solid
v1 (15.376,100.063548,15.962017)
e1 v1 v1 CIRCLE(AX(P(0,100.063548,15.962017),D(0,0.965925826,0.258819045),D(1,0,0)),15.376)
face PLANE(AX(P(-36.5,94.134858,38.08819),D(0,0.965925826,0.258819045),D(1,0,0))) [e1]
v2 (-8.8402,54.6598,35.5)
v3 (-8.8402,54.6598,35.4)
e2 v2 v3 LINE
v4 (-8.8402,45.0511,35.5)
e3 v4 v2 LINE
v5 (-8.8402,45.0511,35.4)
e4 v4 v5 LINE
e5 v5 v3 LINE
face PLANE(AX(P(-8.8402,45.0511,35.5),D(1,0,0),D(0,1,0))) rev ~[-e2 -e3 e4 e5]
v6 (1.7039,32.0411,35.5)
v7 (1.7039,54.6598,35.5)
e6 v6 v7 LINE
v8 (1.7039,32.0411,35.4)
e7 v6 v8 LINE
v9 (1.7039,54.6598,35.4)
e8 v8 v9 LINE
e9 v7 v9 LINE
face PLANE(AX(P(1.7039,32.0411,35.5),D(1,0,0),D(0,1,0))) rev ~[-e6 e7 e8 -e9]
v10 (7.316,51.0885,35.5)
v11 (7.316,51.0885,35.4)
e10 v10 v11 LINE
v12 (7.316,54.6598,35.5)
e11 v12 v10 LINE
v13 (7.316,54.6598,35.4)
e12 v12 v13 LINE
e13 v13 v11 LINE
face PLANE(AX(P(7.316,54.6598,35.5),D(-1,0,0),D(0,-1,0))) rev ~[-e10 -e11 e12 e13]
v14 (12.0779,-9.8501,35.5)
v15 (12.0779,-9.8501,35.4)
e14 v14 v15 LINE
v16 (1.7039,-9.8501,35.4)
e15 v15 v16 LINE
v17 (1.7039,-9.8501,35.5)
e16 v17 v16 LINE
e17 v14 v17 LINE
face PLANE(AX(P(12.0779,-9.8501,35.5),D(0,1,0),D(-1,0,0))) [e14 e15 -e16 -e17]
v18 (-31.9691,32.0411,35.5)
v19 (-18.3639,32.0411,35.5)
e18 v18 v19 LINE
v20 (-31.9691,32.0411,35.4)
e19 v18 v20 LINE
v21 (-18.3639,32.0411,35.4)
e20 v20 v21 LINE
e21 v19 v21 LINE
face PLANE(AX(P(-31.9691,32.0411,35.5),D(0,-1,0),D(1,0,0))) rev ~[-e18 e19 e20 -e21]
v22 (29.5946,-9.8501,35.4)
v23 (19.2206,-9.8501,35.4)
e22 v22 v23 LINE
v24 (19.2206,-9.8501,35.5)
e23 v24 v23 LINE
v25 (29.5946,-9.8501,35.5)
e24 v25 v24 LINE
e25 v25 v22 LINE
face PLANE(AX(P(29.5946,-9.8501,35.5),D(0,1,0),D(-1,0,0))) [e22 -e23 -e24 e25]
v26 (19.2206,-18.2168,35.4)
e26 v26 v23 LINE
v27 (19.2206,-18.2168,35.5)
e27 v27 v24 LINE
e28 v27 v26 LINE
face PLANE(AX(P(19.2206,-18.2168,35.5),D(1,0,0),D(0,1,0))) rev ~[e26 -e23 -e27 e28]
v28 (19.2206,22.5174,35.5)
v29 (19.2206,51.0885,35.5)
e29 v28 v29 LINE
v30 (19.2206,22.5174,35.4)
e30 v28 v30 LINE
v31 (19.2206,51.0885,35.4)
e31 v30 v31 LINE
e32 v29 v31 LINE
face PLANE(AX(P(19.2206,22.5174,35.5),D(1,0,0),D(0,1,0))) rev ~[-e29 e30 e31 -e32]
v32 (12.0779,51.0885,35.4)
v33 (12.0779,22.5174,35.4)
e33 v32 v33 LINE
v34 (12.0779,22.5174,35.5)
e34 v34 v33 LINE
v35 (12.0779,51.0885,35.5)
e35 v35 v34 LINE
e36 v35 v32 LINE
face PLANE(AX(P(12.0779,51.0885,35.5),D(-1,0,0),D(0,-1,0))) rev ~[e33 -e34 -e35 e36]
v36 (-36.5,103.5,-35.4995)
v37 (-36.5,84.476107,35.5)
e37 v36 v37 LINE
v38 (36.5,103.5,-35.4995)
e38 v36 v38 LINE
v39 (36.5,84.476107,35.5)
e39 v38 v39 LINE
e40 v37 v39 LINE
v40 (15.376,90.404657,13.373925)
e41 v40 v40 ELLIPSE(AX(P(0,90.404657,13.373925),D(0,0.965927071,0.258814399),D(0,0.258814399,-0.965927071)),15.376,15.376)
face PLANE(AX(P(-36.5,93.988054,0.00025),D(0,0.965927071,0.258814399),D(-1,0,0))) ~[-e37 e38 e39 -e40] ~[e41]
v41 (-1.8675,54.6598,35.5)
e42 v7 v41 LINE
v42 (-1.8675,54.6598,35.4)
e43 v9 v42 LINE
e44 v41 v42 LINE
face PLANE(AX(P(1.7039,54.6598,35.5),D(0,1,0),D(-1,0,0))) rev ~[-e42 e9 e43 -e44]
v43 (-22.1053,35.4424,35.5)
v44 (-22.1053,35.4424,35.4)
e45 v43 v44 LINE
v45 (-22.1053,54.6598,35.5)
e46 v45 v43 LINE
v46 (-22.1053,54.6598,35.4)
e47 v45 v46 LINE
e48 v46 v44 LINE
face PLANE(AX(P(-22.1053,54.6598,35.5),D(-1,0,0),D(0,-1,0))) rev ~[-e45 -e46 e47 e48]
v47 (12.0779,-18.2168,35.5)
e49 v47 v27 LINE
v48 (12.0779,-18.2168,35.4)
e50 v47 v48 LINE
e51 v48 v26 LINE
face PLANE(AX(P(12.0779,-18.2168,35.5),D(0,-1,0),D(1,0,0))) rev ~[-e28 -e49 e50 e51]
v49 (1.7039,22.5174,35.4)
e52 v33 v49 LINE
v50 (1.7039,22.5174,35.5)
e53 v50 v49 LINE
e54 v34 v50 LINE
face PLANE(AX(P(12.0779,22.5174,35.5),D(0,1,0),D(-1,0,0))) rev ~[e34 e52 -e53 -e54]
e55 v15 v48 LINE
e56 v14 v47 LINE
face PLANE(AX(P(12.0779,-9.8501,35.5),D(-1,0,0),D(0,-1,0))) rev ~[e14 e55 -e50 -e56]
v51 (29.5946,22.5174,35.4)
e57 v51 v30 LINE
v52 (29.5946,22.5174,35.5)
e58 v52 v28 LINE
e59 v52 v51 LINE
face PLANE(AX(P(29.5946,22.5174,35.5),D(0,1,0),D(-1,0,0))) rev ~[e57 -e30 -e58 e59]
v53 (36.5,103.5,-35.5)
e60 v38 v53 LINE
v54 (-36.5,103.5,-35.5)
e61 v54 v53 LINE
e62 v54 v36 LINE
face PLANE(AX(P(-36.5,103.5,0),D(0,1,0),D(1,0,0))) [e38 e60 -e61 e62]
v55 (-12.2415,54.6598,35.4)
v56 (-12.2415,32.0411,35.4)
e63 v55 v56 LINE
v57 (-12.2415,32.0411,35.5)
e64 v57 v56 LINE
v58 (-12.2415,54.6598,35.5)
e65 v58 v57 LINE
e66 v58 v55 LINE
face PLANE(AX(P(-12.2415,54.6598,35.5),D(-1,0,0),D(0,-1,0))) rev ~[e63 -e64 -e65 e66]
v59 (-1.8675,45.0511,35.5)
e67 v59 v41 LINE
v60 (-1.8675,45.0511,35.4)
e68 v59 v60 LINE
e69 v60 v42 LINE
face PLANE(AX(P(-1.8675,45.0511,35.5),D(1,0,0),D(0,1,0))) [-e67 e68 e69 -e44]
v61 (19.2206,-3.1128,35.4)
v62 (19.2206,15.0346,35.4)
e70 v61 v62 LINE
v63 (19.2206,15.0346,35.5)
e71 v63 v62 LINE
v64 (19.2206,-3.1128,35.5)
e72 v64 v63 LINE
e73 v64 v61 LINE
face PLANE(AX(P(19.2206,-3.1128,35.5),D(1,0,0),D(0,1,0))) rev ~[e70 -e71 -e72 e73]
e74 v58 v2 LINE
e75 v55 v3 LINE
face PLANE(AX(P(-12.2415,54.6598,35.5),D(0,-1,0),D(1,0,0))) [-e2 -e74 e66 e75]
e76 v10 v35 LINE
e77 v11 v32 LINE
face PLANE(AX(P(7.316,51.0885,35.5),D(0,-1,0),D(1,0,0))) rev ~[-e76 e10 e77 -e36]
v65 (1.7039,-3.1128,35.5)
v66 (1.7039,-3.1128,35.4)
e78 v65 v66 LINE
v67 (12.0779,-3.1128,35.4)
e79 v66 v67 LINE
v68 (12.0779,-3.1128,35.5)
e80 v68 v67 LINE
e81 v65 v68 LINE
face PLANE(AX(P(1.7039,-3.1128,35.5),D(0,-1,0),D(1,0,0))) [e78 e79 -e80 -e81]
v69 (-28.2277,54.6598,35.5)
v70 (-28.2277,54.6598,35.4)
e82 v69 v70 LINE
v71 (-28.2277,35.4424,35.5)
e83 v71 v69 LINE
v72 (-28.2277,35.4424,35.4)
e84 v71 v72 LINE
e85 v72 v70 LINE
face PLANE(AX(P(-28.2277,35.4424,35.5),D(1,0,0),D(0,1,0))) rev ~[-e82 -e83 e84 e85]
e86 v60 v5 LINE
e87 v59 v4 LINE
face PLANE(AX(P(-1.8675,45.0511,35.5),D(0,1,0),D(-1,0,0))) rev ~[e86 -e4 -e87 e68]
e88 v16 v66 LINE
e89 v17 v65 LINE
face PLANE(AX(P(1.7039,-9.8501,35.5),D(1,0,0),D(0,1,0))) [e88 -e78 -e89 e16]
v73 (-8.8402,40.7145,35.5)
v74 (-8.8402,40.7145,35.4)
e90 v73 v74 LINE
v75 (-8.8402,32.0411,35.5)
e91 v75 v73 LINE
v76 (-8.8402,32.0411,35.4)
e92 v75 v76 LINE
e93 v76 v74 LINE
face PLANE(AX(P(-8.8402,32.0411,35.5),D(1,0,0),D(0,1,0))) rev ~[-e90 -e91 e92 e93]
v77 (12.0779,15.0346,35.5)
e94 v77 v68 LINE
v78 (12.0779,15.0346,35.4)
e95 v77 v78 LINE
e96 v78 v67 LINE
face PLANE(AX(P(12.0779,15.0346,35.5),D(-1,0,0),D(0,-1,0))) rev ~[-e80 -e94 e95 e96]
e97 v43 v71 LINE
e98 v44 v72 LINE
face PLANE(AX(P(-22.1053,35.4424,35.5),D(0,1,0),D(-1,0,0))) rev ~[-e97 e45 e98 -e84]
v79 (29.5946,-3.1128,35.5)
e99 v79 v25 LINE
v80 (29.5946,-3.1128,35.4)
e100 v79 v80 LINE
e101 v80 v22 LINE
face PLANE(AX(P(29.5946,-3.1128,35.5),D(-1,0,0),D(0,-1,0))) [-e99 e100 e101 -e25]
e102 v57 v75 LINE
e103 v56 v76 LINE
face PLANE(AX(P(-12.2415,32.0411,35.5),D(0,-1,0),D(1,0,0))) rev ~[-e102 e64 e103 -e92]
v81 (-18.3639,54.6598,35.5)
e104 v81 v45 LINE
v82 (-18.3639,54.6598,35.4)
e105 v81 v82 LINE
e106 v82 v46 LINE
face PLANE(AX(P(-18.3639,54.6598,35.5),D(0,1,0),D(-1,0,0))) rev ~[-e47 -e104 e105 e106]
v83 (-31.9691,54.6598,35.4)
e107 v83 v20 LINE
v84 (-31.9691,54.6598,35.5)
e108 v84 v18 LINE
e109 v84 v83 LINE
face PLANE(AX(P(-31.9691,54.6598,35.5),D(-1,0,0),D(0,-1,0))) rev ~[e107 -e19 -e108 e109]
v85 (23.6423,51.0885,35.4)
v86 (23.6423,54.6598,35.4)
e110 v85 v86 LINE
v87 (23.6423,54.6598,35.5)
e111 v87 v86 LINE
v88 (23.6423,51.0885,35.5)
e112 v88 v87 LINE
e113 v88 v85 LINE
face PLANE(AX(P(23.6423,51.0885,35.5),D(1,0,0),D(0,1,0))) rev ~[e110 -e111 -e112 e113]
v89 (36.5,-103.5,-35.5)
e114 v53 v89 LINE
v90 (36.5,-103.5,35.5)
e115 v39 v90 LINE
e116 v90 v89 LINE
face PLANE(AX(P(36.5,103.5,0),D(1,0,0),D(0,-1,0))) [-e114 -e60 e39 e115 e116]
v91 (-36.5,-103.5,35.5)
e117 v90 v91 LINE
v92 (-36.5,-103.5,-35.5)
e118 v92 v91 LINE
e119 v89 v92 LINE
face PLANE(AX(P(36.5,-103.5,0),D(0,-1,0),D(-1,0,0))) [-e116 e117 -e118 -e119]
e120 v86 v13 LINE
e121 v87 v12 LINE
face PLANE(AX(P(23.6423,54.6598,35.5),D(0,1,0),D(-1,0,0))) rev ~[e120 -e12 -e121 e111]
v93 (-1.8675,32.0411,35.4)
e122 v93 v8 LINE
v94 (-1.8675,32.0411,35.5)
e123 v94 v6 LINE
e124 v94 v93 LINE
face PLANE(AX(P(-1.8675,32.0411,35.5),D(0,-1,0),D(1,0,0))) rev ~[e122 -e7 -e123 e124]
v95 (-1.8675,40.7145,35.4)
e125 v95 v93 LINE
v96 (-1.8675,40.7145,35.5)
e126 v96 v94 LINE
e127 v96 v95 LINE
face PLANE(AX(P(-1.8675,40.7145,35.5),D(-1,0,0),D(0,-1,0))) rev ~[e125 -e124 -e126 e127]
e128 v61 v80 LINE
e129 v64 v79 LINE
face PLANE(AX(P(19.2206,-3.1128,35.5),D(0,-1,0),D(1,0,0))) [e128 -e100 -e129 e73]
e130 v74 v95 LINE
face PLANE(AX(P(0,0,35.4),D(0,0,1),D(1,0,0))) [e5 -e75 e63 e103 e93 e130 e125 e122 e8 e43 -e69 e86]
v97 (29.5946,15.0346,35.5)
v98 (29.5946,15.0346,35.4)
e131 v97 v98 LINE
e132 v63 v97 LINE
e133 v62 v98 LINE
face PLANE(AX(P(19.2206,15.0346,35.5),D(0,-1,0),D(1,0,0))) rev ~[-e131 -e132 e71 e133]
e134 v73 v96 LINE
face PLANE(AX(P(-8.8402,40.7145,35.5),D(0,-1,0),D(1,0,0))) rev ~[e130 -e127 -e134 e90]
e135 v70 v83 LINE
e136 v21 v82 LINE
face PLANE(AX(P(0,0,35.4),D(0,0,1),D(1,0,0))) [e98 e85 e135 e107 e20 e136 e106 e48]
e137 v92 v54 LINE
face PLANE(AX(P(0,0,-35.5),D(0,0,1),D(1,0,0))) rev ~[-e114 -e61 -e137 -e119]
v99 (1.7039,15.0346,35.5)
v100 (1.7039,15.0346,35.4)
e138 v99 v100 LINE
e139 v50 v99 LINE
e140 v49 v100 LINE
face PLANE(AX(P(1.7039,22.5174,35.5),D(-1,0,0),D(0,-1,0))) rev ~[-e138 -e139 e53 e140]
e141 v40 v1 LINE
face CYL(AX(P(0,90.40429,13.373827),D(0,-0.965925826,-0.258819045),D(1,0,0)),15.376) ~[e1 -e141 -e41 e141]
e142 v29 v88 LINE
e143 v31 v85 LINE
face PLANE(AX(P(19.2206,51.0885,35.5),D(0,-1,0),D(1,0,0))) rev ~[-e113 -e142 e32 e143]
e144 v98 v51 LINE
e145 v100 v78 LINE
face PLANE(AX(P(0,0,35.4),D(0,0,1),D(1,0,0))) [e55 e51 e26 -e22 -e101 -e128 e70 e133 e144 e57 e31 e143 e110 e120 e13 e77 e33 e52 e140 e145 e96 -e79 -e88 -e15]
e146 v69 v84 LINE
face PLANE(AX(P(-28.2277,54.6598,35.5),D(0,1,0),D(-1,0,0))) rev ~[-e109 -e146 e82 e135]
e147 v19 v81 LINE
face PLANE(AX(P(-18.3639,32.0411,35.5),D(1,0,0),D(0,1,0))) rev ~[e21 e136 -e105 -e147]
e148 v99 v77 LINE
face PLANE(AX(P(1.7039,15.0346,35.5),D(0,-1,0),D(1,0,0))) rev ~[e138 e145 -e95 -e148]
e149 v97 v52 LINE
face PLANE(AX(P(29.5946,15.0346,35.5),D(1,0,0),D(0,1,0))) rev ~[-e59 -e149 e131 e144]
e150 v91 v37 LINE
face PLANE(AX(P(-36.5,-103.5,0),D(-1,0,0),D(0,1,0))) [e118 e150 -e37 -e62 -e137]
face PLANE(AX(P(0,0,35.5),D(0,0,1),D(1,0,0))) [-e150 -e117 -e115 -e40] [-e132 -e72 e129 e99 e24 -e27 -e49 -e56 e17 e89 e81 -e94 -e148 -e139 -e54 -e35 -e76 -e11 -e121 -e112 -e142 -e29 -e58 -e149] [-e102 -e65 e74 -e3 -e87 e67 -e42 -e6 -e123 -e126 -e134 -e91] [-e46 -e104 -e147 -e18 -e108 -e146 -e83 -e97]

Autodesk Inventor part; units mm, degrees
ref_plane "YZ Plane" through (0, 0, 0) normal (1, 0, 0) x (0, 1, 0)
ref_plane "XZ Plane" through (0, 0, 0) normal (0, 1, 0) x (-1, 0, 0)
ref_plane "XY Plane" through (0, 0, 0) normal (0, 0, 1) x (1, 0, 0)
sketch "Skizze1" plane through (0, 0, 0) normal (0, 0, 1) x (1, 0, 0)
  line L0 (-36.5, 103.5) -> (36.5, 103.5)
  line L1 (36.5, 103.5) -> (36.5, -103.5)
  line L2 (36.5, -103.5) -> (-36.5, -103.5)
  line L3 (-36.5, -103.5) -> (-36.5, 103.5)
  point P0 (0, 0)
  point P1 (0, 103.5)
  point P2 (-36.5, 0)
  dimension "d0" = 73
  dimension "d1" = 207
extrude "Extrusion1" add sketch "Skizze1" along normal mid plane 71
sketch "Skizze2" plane through (0, 0, 35.5) normal (0, 0, 1) x (1, 0, 0)
  line L0 (-31.9691, 54.6598) -> (-31.9691, 32.0411)
  line L1 (-31.9691, 32.0411) -> (-18.3639, 32.0411)
  line L2 (-18.3639, 32.0411) -> (-18.3639, 54.6598)
  line L3 (-18.3639, 54.6598) -> (-22.1053, 54.6598)
  line L4 (-22.1053, 54.6598) -> (-22.1053, 35.4424)
  line L5 (-22.1053, 35.4424) -> (-28.2277, 35.4424)
  line L6 (-28.2277, 35.4424) -> (-28.2277, 54.6598)
  line L7 (-28.2277, 54.6598) -> (-31.9691, 54.6598)
  line L8 (-12.2415, 54.6598) -> (-12.2415, 32.0411)
  line L9 (-12.2415, 32.0411) -> (-8.8402, 32.0411)
  line L10 (-8.8402, 32.0411) -> (-8.8402, 40.7145)
  line L11 (-8.8402, 40.7145) -> (-1.8675, 40.7145)
  line L12 (-1.8675, 40.7145) -> (-1.8675, 32.0411)
  line L13 (-1.8675, 32.0411) -> (1.7039, 32.0411)
  line L14 (1.7039, 32.0411) -> (1.7039, 54.6598)
  line L15 (1.7039, 54.6598) -> (-1.8675, 54.6598)
  line L16 (-1.8675, 45.0511) -> (-1.8675, 54.6598)
  line L17 (-1.8675, 45.0511) -> (-8.8402, 45.0511)
  line L18 (-8.8402, 45.0511) -> (-8.8402, 54.6598)
  line L19 (-12.2415, 54.6598) -> (-8.8402, 54.6598)
  line L20 (7.316, 54.6598) -> (7.316, 51.0885)
  line L21 (7.316, 51.0885) -> (12.0779, 51.0885)
  line L22 (12.0779, 51.0885) -> (12.0779, -18.2168)
  line L23 (12.0779, -18.2168) -> (19.2206, -18.2168)
  line L24 (19.2206, -18.2168) -> (19.2206, 51.0885)
  line L25 (19.2206, 51.0885) -> (23.6423, 51.0885)
  line L26 (23.6423, 51.0885) -> (23.6423, 54.6598)
  line L27 (23.6423, 54.6598) -> (7.316, 54.6598)
  line L28 (1.7039, 22.5174) -> (1.7039, 15.0346)
  line L29 (1.7039, 15.0346) -> (29.5946, 15.0346)
  line L30 (29.5946, 15.0346) -> (29.5946, 22.5174)
  line L31 (29.5946, 22.5174) -> (1.7039, 22.5174)
  line L32 (1.7039, -3.1128) -> (29.5946, -3.1128)
  line L33 (29.5946, -3.1128) -> (29.5946, -9.8501)
  line L34 (29.5946, -9.8501) -> (1.7039, -9.8501)
  line L35 (1.7039, -9.8501) -> (1.7039, -3.1128)
  point P0 (0, 0)
  point P1 (12.0779, 22.5174)
  point P2 (12.0779, 15.0346)
  point P3 (19.2206, 15.0346)
  point P4 (19.2206, 22.5174)
  point P5 (19.2206, -3.1128)
  point P6 (19.2206, -9.8501)
  point P7 (12.0779, -9.8501)
  point P8 (12.0779, -3.1128)
extrude "Extrusion2" cut sketch "Skizze2" against normal blind 0.1
chamfer "Fase1" distance 71 angle 15 1 edges at (0, 103.5, 35.5) measured on face at (12.1667, 103.5, -11.8333)
sketch "Skizze3" plane through (-36.5, 84.4756, 35.5) normal (0, 0.9659, 0.2588) x (1, 0, 0)
  circle A0 centre (36.5, 22.9067) radius 15.376
  point P0 (36.5, 12.4265)
extrude "Extrusion3" add sketch "Skizze3" along normal blind 10
properties part number "milch"
